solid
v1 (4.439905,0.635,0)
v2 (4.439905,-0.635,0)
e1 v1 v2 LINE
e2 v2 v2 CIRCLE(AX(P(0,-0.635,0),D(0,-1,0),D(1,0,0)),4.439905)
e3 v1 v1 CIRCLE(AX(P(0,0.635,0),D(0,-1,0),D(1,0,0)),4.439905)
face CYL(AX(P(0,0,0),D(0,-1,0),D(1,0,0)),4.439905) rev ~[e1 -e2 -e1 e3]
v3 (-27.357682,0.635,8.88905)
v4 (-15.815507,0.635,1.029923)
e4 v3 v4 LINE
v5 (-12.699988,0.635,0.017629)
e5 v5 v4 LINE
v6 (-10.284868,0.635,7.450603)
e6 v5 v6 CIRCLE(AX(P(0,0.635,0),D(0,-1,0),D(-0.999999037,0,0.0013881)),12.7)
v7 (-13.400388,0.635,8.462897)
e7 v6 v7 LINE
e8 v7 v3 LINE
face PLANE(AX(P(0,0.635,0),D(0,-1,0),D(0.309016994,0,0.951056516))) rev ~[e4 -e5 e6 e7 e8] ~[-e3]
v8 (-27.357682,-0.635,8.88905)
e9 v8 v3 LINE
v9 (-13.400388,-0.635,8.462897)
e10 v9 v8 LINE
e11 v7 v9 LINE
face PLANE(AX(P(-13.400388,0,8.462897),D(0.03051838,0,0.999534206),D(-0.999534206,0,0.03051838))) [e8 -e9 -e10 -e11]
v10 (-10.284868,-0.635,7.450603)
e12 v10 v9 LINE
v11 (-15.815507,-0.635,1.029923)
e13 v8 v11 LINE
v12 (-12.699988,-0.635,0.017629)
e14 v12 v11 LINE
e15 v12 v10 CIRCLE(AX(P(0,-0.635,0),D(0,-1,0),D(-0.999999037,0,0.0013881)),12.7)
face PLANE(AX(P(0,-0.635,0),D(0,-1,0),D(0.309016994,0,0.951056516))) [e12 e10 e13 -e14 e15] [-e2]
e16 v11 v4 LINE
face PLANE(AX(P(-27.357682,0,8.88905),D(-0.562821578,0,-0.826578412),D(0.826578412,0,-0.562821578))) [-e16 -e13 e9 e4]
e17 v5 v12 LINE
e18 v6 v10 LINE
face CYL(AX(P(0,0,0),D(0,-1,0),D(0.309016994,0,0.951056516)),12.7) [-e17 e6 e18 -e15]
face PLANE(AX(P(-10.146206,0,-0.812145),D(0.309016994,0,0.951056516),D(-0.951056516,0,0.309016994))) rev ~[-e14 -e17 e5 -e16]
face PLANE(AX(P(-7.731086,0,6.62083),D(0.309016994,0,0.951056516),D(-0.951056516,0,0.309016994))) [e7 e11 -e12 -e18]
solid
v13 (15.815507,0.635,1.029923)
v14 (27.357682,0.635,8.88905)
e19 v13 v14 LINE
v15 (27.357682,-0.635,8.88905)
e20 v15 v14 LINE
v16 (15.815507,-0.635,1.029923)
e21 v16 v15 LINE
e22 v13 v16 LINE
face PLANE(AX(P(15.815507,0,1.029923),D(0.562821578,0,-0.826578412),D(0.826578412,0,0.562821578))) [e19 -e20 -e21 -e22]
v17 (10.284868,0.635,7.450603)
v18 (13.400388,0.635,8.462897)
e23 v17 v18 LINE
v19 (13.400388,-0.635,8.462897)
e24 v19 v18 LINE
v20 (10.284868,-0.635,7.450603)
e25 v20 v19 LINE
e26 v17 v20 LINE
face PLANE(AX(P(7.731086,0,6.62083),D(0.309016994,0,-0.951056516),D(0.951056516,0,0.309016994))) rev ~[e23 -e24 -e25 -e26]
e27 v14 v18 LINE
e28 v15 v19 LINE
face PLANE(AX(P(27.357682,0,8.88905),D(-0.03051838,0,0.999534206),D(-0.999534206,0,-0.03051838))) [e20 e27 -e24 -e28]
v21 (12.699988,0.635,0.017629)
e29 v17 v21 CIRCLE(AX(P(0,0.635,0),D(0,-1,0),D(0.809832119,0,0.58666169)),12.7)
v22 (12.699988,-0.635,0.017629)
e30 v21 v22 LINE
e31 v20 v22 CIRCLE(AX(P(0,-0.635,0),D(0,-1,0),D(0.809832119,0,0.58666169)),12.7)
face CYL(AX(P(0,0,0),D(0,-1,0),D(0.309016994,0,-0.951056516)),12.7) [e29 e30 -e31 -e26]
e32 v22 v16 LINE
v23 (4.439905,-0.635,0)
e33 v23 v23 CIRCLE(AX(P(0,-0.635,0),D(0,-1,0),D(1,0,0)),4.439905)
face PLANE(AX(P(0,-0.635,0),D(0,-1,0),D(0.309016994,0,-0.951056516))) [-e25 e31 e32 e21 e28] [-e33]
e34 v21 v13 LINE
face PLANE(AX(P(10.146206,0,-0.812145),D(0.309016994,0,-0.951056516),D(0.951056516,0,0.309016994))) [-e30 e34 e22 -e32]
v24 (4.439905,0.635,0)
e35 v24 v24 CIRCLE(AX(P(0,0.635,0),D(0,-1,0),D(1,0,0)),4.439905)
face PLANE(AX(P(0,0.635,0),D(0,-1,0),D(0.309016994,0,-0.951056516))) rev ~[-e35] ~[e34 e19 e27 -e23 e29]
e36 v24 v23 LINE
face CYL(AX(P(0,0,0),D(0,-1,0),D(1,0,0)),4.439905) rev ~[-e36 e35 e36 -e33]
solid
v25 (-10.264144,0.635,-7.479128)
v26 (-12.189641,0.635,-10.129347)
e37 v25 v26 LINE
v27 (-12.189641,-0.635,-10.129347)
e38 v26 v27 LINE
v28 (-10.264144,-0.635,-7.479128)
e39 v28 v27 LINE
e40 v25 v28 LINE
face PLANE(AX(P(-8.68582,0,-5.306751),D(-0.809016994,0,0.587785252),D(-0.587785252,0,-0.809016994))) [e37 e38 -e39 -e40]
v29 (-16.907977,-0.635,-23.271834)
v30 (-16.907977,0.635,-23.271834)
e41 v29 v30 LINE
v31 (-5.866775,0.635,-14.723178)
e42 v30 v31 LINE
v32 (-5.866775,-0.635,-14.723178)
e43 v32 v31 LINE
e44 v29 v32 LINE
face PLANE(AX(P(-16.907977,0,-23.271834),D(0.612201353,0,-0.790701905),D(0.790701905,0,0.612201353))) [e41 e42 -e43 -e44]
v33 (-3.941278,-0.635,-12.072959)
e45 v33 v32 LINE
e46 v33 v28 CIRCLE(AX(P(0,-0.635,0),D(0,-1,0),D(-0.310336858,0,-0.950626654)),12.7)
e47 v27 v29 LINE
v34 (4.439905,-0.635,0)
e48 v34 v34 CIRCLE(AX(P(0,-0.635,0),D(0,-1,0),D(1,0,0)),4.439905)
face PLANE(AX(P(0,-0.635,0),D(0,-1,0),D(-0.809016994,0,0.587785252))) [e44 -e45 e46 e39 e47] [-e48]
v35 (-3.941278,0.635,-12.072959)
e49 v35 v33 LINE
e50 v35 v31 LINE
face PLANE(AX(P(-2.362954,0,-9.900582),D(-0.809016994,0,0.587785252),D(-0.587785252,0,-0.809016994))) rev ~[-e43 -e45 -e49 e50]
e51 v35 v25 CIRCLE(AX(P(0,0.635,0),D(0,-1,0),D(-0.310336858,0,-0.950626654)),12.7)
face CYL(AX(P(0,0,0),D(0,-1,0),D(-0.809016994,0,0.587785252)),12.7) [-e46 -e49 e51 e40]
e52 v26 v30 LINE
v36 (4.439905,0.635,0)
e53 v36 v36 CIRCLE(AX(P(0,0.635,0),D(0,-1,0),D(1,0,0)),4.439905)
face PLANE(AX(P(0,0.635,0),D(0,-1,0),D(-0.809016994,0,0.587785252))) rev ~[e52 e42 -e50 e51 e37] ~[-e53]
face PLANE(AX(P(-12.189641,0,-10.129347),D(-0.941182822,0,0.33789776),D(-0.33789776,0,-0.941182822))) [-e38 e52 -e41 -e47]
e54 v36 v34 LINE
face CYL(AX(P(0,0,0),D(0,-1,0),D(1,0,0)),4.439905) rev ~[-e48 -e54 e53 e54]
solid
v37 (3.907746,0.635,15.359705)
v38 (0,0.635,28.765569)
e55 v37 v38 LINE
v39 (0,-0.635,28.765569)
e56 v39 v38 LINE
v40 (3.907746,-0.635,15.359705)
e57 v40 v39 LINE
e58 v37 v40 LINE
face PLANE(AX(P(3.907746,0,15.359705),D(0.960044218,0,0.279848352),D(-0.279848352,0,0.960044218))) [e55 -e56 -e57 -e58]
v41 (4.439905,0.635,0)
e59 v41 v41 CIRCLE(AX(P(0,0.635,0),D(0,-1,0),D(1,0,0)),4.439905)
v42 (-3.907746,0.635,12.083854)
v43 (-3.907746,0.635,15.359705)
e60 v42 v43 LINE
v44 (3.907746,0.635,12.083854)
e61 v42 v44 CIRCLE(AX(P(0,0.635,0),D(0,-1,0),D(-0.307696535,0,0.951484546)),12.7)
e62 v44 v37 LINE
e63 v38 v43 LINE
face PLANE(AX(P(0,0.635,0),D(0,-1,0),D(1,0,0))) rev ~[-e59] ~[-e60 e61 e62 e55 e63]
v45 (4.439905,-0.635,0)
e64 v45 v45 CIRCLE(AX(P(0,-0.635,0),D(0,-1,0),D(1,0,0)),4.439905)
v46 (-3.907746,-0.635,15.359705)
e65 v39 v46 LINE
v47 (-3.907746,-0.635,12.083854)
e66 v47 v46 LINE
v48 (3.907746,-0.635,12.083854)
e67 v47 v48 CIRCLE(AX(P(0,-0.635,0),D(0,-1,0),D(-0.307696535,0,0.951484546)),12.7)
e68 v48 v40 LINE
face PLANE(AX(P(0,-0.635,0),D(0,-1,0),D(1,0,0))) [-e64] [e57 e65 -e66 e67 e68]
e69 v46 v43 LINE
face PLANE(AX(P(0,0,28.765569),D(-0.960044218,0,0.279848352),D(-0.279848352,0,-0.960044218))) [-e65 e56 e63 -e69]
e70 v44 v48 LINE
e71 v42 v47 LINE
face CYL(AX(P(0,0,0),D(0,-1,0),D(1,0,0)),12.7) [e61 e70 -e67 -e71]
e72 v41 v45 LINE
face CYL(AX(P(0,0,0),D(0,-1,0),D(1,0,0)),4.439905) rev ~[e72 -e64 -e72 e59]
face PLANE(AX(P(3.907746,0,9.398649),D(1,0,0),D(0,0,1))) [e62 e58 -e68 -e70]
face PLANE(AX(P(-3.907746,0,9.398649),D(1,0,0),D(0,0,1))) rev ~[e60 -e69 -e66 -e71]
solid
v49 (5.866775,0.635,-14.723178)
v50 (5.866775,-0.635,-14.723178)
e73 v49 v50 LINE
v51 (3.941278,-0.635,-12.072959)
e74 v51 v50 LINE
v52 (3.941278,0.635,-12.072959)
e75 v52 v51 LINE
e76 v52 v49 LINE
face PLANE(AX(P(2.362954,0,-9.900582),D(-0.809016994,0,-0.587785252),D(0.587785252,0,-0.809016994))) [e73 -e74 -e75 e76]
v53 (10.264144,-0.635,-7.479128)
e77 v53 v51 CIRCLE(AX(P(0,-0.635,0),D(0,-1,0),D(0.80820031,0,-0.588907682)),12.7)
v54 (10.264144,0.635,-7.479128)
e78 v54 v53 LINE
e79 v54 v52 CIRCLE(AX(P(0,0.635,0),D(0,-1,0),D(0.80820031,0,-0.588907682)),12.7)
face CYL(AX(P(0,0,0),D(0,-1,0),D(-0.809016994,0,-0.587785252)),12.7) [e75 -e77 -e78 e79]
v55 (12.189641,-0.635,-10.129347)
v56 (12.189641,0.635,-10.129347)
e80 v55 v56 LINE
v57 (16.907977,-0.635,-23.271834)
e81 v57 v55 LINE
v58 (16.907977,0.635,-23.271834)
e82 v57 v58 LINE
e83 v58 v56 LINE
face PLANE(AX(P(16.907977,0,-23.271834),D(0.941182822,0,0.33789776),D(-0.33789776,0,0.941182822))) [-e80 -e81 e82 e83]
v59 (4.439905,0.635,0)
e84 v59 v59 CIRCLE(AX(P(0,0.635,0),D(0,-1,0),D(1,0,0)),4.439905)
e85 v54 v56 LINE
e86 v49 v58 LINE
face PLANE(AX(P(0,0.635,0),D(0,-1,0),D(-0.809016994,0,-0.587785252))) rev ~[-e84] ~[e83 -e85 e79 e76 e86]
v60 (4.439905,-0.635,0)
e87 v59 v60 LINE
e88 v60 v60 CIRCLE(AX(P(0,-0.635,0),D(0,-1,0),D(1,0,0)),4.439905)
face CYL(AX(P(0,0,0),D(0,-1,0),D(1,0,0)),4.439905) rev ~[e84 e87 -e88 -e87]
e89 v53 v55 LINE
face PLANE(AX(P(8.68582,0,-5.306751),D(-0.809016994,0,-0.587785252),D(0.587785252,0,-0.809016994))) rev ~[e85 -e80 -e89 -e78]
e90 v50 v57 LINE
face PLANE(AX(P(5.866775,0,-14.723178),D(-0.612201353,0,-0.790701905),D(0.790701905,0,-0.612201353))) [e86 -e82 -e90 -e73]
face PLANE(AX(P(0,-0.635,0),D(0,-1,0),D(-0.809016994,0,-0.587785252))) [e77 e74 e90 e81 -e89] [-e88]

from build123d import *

# Parameters (mm, degrees)
F0_R     = 12.7
F1_DEPTH = 0.635
F2_W     = 7.815492
F2_H     = 5.961056
F3_DEPTH = 0.635
F4_COUNT = 5
F5_R     = 4.439905
F6_DEPTH = 0.635


with BuildPart() as f1:
    # F0 (on Front) → F1 (new body, symmetric)
    with BuildSketch(Plane.XZ):
        Circle(F0_R)
    extrude(amount=F1_DEPTH, both=True)

    # F2 (on Front) → F3 (join, symmetric)
    with BuildSketch(Plane.XZ):
        with Locations((0, 12.379177)):
            Rectangle(F2_W, F2_H)
        Polygon((-3.907746, 15.359705), (3.907746, 15.359705), (0, 28.765569), align=None)
    extrude(amount=F3_DEPTH, both=True)


with BuildPart() as f4_1:
    # F4: instance of F1
    add(f1.part.rotate(Axis((0, -0.635, 0), (0, 1, 0)), 1 * 360 / F4_COUNT))


with BuildPart() as f4_2:
    # F4: instance of F1
    add(f1.part.rotate(Axis((0, -0.635, 0), (0, 1, 0)), 2 * 360 / F4_COUNT))


with BuildPart() as f4_3:
    # F4: instance of F1
    add(f1.part.rotate(Axis((0, -0.635, 0), (0, 1, 0)), 3 * 360 / F4_COUNT))


with BuildPart() as f4_4:
    # F4: instance of F1
    add(f1.part.rotate(Axis((0, -0.635, 0), (0, 1, 0)), 4 * 360 / F4_COUNT))


with BuildPart() as f6_tool:
    # F5 (on Front) → F6 (new body, symmetric)
    with BuildSketch(Plane.XZ):
        Circle(F5_R)
    extrude(amount=F6_DEPTH, both=True)


with BuildPart() as f1_1:
    add(f1.part)

    # F6: cut by f6_tool
    add(f6_tool.part, mode=Mode.SUBTRACT)


with BuildPart() as f4_1_1:
    add(f4_1.part)

    # F6: cut by f6_tool
    add(f6_tool.part, mode=Mode.SUBTRACT)


with BuildPart() as f4_2_1:
    add(f4_2.part)

    # F6: cut by f6_tool
    add(f6_tool.part, mode=Mode.SUBTRACT)


with BuildPart() as f4_3_1:
    add(f4_3.part)

    # F6: cut by f6_tool
    add(f6_tool.part, mode=Mode.SUBTRACT)


with BuildPart() as f4_4_1:
    add(f4_4.part)

    # F6: cut by f6_tool
    add(f6_tool.part, mode=Mode.SUBTRACT)


solid = Compound([f1_1.part, f4_1_1.part, f4_2_1.part, f4_3_1.part, f4_4_1.part])
